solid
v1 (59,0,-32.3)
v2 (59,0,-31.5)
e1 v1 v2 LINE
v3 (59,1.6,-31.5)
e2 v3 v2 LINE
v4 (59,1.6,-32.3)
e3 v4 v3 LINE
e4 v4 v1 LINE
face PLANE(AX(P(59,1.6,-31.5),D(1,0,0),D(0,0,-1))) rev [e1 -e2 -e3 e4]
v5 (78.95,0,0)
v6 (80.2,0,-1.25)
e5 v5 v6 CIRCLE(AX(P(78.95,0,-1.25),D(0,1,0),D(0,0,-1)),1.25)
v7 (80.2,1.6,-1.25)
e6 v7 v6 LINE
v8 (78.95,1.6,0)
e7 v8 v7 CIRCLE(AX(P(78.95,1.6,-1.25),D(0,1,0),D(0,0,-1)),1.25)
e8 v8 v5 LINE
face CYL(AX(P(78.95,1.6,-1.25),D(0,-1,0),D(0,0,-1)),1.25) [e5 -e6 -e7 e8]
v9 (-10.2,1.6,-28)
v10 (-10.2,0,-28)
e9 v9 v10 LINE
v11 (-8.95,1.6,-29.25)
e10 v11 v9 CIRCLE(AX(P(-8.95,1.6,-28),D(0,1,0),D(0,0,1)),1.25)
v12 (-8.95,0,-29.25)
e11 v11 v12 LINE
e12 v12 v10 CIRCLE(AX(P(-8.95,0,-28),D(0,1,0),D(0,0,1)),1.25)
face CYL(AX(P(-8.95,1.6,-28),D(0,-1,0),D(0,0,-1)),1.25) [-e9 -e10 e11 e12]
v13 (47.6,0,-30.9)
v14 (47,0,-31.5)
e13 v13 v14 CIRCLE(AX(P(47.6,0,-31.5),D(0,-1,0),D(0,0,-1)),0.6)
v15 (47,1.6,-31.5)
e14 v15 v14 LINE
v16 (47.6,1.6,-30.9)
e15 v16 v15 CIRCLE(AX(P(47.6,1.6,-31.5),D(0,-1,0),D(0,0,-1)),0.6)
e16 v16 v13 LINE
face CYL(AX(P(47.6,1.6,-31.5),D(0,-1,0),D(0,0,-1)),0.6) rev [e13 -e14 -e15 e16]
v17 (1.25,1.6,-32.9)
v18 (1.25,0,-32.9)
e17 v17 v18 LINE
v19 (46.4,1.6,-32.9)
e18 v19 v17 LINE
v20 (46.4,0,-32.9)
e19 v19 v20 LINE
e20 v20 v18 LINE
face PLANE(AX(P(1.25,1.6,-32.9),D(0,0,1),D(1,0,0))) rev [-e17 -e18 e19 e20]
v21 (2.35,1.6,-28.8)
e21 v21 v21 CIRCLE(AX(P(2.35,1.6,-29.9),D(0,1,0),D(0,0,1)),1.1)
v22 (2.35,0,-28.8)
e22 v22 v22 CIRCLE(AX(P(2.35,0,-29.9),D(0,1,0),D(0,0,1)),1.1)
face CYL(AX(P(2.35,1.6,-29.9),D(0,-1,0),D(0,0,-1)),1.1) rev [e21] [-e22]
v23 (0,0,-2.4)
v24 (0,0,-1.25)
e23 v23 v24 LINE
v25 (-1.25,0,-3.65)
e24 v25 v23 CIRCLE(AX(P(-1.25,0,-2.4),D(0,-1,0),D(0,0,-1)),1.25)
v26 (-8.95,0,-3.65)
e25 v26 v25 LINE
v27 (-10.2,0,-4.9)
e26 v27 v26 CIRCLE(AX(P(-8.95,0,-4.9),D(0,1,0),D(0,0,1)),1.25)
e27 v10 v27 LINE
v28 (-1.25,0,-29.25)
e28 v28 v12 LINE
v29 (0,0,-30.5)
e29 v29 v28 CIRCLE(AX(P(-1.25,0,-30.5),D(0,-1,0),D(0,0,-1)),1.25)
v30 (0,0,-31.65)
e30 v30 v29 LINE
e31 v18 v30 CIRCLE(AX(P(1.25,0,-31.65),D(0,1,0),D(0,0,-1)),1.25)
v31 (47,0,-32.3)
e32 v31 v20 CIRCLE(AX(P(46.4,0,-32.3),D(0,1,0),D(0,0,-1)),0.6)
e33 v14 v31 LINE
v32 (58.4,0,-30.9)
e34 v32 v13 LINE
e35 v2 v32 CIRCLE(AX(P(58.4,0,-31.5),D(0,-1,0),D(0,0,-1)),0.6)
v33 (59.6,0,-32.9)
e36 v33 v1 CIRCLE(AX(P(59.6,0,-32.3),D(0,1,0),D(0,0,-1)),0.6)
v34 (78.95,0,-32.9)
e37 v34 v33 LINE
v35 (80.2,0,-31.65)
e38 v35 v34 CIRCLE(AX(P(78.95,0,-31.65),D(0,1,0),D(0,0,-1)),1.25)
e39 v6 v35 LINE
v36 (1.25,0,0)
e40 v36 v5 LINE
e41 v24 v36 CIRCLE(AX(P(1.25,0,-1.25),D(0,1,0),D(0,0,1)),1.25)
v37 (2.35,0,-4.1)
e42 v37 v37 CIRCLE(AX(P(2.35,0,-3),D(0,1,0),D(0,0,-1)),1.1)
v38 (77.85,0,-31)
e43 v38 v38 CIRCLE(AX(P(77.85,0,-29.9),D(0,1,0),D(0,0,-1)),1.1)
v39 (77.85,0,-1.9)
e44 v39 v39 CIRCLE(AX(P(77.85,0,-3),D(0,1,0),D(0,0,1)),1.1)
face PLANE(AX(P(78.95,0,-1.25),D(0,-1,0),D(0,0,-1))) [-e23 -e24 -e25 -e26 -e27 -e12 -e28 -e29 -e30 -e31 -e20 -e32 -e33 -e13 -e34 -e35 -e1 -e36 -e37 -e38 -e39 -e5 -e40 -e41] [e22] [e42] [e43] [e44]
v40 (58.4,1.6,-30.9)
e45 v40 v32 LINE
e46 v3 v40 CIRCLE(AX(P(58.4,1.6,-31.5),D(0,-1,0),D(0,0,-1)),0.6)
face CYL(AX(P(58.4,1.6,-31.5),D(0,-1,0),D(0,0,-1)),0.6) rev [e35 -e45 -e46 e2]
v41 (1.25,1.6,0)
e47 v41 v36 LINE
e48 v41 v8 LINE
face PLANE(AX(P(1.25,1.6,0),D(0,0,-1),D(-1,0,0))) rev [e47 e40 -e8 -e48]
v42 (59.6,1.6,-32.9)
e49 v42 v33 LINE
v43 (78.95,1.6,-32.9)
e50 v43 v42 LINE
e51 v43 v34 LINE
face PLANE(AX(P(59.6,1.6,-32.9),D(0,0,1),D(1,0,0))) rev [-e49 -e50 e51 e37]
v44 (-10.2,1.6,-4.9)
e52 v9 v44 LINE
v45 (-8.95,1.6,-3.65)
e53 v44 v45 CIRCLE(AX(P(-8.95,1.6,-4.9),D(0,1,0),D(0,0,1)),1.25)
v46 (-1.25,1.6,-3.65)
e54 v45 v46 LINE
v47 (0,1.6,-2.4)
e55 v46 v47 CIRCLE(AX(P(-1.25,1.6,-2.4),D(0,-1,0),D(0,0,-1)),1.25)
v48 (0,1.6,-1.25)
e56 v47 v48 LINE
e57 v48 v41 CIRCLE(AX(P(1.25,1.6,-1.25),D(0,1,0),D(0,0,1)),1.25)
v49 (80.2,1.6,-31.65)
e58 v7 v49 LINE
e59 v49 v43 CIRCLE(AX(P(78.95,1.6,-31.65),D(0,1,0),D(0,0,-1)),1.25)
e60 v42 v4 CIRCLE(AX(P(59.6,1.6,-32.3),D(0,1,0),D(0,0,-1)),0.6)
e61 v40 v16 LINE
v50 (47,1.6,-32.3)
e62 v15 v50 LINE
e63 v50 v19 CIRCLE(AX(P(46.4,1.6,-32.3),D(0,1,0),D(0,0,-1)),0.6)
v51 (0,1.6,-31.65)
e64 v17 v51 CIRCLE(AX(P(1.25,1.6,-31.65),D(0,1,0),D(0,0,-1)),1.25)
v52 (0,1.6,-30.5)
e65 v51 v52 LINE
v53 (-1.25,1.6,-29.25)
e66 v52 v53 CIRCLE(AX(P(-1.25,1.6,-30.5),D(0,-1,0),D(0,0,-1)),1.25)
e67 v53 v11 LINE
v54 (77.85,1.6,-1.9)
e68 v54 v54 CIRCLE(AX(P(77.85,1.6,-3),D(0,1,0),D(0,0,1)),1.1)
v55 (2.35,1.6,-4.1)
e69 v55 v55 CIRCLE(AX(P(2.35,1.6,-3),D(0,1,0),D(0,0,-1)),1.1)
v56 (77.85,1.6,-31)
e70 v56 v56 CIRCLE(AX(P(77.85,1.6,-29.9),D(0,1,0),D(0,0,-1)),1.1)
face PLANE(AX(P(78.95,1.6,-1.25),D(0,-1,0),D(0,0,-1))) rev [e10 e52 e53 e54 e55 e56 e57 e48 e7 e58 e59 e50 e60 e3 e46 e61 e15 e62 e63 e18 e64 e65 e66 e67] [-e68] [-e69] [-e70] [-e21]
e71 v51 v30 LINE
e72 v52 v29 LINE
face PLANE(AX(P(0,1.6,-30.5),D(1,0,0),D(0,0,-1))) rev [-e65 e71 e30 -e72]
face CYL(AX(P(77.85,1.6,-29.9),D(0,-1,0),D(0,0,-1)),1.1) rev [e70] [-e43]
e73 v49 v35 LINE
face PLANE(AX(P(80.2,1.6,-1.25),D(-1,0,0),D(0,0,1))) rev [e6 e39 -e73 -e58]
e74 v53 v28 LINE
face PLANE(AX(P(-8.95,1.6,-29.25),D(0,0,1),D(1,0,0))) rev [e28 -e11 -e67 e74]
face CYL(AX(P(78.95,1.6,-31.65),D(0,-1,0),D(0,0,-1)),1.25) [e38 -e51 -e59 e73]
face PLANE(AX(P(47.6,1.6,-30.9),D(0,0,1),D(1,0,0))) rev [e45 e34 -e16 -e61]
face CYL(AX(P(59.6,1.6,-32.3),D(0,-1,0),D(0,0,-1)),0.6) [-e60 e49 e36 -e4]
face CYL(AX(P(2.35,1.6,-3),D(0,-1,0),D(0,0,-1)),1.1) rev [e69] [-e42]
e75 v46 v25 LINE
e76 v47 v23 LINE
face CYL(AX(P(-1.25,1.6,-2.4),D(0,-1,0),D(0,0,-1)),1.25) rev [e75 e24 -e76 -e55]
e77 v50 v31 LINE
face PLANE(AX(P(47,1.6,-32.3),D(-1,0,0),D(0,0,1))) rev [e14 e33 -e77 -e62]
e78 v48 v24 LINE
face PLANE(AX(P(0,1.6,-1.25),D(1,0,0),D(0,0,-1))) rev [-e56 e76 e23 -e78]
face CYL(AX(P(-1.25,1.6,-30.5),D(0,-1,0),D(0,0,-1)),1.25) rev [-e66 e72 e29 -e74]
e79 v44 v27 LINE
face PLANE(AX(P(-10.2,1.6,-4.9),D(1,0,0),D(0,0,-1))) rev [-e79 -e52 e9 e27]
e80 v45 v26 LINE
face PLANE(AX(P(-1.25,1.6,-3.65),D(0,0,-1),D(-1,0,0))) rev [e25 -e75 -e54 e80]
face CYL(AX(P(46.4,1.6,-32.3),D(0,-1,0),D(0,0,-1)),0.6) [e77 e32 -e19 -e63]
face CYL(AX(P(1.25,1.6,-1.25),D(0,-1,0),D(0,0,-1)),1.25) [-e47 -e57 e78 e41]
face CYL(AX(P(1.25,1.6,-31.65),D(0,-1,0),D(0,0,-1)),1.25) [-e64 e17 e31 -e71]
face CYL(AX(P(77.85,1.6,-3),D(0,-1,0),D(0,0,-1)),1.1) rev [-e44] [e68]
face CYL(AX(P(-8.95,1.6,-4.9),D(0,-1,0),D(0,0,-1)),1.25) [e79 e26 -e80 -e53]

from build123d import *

# Parameters (mm, degrees)
SKETCH_1_R      = 1.1
EXTRUDE_1_DEPTH = 1.6


with BuildPart() as part:
    # 草图1 → 凸台-拉伸1 (new body)
    with BuildSketch(Plane(origin=(0, 0, 0), x_dir=(1, 0, 0), z_dir=(0, 1, 0))):
        with BuildLine():
            ThreePointArc((0, 1.25), (0.366116524, 0.366116524), (1.25, 0))
            Line((1.25, 0), (78.95, 0))
            ThreePointArc((78.95, 0), (79.833883476, 0.366116524), (80.2, 1.25))
            Line((80.2, 1.25), (80.2, 31.65))
            ThreePointArc((80.2, 31.65), (79.833883476, 32.533883476), (78.95, 32.9))
            Line((78.95, 32.9), (59.6, 32.9))
            ThreePointArc((59.6, 32.9), (59.175735931, 32.724264069), (59, 32.3))
            Line((59, 32.3), (59, 31.5))
            ThreePointArc((59, 31.5), (58.824264069, 31.075735931), (58.4, 30.9))
            Line((58.4, 30.9), (47.6, 30.9))
            ThreePointArc((47.6, 30.9), (47.175735931, 31.075735931), (47, 31.5))
            Line((47, 31.5), (47, 32.3))
            ThreePointArc((47, 32.3), (46.824264069, 32.724264069), (46.4, 32.9))
            Line((46.4, 32.9), (1.25, 32.9))
            ThreePointArc((1.25, 32.9), (0.366116524, 32.533883476), (0, 31.65))
            Line((0, 31.65), (0, 30.5))
            ThreePointArc((0, 30.5), (-0.366116524, 29.616116524), (-1.25, 29.25))
            Line((-1.25, 29.25), (-8.95, 29.25))
            ThreePointArc((-8.95, 29.25), (-9.833883476, 28.883883476), (-10.2, 28))
            Line((-10.2, 28), (-10.2, 4.9))
            ThreePointArc((-10.2, 4.9), (-9.833883476, 4.016116524), (-8.95, 3.65))
            Line((-8.95, 3.65), (-1.25, 3.65))
            ThreePointArc((-1.25, 3.65), (-0.366116524, 3.283883476), (0, 2.4))
            Line((0, 2.4), (0, 1.25))
        make_face()
        with Locations((2.35, 3)):
            Circle(SKETCH_1_R, mode=Mode.SUBTRACT)
        with Locations((77.85, 3)):
            Circle(SKETCH_1_R, mode=Mode.SUBTRACT)
        with Locations((2.35, 29.9)):
            Circle(SKETCH_1_R, mode=Mode.SUBTRACT)
        with Locations((77.85, 29.9)):
            Circle(SKETCH_1_R, mode=Mode.SUBTRACT)
    extrude(amount=EXTRUDE_1_DEPTH)


solid = part.part
